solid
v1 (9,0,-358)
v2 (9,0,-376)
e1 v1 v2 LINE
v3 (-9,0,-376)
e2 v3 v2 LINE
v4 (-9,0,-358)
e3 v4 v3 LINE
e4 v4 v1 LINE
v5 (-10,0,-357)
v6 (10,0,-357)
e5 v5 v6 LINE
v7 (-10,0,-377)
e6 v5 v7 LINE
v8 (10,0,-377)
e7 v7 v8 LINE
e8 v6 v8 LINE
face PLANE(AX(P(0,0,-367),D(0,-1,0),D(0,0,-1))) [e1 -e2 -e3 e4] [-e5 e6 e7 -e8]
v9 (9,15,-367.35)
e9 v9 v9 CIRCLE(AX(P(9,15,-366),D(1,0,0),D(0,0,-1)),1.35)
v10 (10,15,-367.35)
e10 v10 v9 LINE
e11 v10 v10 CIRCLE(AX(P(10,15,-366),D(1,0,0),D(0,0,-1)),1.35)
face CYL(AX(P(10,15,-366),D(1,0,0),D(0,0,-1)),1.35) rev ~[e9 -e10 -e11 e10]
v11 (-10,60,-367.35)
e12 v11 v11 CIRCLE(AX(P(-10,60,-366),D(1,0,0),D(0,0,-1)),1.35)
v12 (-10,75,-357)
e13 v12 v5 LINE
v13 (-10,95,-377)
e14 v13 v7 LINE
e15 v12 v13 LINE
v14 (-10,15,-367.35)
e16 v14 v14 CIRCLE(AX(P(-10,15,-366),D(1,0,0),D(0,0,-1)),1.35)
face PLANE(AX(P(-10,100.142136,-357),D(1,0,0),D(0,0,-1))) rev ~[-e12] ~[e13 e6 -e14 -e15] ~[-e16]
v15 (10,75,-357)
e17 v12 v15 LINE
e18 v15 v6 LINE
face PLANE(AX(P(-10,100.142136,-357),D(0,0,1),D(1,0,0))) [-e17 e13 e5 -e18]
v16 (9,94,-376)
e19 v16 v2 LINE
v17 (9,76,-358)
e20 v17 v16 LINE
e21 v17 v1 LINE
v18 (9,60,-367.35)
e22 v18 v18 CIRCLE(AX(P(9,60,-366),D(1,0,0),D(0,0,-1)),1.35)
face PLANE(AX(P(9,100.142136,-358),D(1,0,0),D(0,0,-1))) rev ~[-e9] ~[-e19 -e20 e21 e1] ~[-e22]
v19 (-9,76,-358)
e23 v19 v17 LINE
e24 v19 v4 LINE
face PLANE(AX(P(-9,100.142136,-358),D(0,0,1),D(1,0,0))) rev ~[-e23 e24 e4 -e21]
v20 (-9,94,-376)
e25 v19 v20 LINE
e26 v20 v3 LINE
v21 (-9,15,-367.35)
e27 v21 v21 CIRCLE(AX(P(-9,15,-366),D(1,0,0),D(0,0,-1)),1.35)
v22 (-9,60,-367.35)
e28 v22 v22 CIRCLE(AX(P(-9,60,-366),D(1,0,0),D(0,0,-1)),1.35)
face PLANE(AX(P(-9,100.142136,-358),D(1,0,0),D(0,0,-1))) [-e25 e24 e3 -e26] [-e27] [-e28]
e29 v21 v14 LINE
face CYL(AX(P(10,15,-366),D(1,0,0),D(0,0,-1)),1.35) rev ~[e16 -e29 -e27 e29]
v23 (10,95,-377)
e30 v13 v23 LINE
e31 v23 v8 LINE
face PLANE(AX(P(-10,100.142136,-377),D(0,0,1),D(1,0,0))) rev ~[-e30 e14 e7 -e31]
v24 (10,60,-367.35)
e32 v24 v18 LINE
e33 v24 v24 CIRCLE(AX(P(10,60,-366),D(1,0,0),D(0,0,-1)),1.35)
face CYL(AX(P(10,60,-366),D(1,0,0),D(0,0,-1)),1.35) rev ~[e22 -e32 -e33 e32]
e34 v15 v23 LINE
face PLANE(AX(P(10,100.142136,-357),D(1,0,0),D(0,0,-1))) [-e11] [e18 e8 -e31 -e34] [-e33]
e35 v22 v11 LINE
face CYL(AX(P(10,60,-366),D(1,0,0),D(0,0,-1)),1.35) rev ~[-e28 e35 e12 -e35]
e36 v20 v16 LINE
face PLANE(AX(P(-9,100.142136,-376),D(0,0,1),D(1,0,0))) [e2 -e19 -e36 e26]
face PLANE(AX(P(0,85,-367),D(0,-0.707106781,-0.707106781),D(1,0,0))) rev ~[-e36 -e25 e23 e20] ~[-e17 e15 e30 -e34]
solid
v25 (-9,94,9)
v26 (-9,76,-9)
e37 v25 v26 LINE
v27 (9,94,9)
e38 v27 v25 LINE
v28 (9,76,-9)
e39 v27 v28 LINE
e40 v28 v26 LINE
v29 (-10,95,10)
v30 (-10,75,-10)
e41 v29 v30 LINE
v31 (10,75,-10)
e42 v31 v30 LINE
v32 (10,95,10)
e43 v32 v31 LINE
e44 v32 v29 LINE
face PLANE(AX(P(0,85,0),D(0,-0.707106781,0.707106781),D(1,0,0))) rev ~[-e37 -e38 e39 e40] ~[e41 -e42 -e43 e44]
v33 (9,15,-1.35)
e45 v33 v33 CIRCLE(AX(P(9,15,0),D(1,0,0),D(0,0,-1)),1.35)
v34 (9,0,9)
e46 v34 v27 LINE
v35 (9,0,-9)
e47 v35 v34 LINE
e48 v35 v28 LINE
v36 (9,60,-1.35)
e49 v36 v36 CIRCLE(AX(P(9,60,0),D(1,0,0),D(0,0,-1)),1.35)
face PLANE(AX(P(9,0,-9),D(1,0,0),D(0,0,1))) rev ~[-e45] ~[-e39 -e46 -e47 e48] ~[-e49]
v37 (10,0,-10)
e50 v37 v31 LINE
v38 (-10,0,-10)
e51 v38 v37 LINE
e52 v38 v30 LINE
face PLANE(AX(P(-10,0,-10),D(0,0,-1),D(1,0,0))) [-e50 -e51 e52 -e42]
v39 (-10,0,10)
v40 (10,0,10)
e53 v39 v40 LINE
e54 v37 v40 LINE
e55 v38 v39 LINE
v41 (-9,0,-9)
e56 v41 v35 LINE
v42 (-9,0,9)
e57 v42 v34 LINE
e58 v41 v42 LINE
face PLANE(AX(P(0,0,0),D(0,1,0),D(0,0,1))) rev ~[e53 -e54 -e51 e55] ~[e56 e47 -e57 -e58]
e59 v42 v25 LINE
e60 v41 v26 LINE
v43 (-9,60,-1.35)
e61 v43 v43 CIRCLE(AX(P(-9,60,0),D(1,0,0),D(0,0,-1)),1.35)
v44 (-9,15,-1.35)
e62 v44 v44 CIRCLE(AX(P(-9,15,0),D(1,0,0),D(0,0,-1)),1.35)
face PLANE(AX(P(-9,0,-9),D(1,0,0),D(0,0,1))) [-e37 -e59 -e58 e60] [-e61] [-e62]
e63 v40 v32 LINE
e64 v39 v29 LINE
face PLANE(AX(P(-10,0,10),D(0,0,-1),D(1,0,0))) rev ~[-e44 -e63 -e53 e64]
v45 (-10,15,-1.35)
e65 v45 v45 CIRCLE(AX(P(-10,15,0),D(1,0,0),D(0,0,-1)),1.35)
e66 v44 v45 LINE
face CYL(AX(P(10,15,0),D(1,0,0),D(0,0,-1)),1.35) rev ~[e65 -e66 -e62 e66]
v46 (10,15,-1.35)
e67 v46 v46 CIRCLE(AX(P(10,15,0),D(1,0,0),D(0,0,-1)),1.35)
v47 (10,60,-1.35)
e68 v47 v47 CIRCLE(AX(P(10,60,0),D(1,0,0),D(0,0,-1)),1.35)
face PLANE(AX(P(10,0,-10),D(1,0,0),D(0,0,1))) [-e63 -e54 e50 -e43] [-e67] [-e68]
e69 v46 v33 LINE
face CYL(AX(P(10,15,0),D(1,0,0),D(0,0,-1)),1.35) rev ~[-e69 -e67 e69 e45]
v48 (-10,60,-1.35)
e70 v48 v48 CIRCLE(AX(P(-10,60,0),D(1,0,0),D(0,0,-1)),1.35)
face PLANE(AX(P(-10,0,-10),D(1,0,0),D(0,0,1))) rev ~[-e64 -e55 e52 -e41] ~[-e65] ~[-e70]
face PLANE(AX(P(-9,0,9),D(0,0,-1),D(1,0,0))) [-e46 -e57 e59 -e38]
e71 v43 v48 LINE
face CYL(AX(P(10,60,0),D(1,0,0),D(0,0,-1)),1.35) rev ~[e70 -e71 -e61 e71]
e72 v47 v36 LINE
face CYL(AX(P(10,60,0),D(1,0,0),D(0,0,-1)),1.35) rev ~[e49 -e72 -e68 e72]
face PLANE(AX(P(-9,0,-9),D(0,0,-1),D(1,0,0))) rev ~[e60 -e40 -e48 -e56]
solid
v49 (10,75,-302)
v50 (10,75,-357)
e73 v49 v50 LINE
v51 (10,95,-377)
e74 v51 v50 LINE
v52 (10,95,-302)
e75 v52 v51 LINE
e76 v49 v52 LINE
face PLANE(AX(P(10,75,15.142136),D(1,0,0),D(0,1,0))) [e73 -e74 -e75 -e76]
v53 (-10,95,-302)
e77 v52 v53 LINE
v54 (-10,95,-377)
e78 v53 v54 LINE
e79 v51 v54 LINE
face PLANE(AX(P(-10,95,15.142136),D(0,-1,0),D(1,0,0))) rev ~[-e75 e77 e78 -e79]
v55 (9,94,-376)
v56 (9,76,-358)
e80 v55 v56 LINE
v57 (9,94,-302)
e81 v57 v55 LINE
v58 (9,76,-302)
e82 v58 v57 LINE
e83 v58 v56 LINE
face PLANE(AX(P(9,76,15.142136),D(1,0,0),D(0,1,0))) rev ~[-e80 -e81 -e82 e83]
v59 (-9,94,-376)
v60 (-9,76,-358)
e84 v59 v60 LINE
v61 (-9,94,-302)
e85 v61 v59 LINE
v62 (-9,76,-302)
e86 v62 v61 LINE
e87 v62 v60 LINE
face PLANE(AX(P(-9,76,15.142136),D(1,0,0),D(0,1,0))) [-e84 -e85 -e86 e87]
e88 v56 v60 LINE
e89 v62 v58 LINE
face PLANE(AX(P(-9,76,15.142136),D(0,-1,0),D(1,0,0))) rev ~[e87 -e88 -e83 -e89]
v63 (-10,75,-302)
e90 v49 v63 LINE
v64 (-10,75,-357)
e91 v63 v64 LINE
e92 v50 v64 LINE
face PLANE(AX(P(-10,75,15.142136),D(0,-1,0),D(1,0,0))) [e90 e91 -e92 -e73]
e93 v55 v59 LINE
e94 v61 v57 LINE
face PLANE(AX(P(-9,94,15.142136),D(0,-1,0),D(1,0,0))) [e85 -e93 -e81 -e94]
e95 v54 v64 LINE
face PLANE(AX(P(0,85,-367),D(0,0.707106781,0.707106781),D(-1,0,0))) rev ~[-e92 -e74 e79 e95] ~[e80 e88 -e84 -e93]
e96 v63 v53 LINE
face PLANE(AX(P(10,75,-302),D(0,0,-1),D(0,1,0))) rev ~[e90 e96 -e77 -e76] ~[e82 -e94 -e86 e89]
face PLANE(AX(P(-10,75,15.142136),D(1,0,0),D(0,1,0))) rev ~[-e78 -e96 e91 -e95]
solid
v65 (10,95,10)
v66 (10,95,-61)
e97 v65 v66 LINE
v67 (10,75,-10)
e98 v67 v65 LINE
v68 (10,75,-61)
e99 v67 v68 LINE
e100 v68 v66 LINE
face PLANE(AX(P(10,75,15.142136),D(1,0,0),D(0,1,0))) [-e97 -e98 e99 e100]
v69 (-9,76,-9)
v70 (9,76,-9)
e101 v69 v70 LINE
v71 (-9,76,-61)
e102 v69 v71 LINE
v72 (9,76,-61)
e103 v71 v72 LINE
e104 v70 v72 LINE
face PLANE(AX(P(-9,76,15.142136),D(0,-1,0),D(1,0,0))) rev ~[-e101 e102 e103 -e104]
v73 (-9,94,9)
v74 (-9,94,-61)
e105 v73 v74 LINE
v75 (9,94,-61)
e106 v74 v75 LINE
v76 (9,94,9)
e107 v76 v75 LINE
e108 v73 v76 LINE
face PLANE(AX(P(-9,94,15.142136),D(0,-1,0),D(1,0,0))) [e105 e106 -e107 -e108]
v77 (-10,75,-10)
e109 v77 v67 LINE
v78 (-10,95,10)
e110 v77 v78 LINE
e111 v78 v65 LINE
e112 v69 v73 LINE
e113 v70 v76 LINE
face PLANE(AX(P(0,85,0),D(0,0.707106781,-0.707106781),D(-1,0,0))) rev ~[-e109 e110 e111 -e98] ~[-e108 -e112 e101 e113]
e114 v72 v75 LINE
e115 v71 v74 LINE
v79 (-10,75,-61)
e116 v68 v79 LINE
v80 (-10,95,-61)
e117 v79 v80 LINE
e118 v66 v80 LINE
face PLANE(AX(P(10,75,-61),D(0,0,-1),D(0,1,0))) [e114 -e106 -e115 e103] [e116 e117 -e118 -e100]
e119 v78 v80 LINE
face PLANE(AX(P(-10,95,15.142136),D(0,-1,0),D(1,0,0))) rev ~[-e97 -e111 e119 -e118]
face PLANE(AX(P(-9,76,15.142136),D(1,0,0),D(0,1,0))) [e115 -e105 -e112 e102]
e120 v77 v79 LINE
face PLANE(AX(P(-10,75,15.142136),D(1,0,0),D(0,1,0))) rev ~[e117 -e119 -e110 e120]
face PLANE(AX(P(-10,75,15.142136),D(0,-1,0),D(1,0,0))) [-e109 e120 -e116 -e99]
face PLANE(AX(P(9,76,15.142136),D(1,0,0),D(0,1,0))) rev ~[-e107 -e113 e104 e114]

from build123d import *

# Parameters (mm, degrees)
SKETCH_11_W                = 20
SKETCH_11_H                = 20
SKETCH_11_W_2              = 18
SKETCH_11_H_2              = 18
F_20X20X1_1_DEPTH          = 100.142135624
SKETCH_11_ON_SEGMENT_2_W   = 20
SKETCH_11_ON_SEGMENT_2_H   = 20
SKETCH_11_ON_SEGMENT_2_W_2 = 18
SKETCH_11_ON_SEGMENT_2_H_2 = 18
F_20X20X1_1_2_DEPTH        = 397.284271247
SKETCH_11_ON_SEGMENT_3_W   = 20
SKETCH_11_ON_SEGMENT_3_H   = 20
SKETCH_11_ON_SEGMENT_3_W_2 = 18
SKETCH_11_ON_SEGMENT_3_H_2 = 18
F_20X20X1_1_3_DEPTH        = 100.142135624
CUT_EXTRUDE_1_REACH        = 391.299
SKETCH_12_R                = 1.5
SKETCH_14_W                = 241
SKETCH_14_H                = 20
CUT_EXTRUDE_3_DEPTH        = 390.299370665
SKETCH_15_R                = 1.35
CUT_EXTRUDE_4_DEPTH        = 20


with BuildPart() as part:
    # 草图11 → 铝管 20X20X1(1) (new body)
    with BuildSketch(Plane.ZX):
        Rectangle(SKETCH_11_W, SKETCH_11_H)
        Rectangle(SKETCH_11_W_2, SKETCH_11_H_2, mode=Mode.SUBTRACT)
    extrude(amount=F_20X20X1_1_DEPTH)

    # 铝管 20X20X1(1) mitre 1
    split(bisect_by=Plane(origin=(0, 85, 0), x_dir=(1, 0, 0), z_dir=(0, -0.707106781, 0.707106781)), keep=Keep.TOP)


with BuildPart() as body_2:
    # 草图11 on segment 2 (carried to segment 2) → 20X20X1_1 2 (new body)
    with BuildSketch(Plane(origin=(0, 85, 15.142135624), x_dir=(0, 1, 0), z_dir=(0, 0, -1))):
        Rectangle(SKETCH_11_ON_SEGMENT_2_W, SKETCH_11_ON_SEGMENT_2_H)
        Rectangle(SKETCH_11_ON_SEGMENT_2_W_2, SKETCH_11_ON_SEGMENT_2_H_2, mode=Mode.SUBTRACT)
    extrude(amount=F_20X20X1_1_2_DEPTH)

    # 20X20X1_1 2 mitre 1
    split(bisect_by=Plane(origin=(0, 85, 0), x_dir=(-1, 0, 0), z_dir=(0, 0.707106781, -0.707106781)), keep=Keep.TOP)

    # 20X20X1_1 2 mitre 2
    split(bisect_by=Plane(origin=(0, 85, -367), x_dir=(-1, 0, 0), z_dir=(0, 0.707106781, 0.707106781)), keep=Keep.TOP)

    # 切除-拉伸1: up to this face of the body (flat: up to its plane)
    cut_extrude_1_end = Plane(body_2.part.faces().sort_by_distance((-10, 85.181653043, -183.5))[0])
    # 草图12 → 切除-拉伸1 (cut, up to the picked face)
    with BuildSketch(Plane(origin=(10, 0, 0), x_dir=(0, 0, -1), z_dir=(1, 0, 0)), mode=Mode.PRIVATE) as cut_extrude_1_sk1:
        with Locations((133.5, 81)):
            Circle(SKETCH_12_R)
    cut_extrude_1_tool1 = split(extrude(cut_extrude_1_sk1.sketch, amount=-CUT_EXTRUDE_1_REACH, mode=Mode.PRIVATE), bisect_by=cut_extrude_1_end, keep=Keep.BOTH, mode=Mode.PRIVATE)
    # 草图12 → 切除-拉伸1 (cut, up to the picked face)
    with BuildSketch(Plane(origin=(10, 0, 0), x_dir=(0, 0, -1), z_dir=(1, 0, 0)), mode=Mode.PRIVATE) as cut_extrude_1_sk2:
        with Locations((233.5, 81)):
            Circle(SKETCH_12_R)
    cut_extrude_1_tool2 = split(extrude(cut_extrude_1_sk2.sketch, amount=-CUT_EXTRUDE_1_REACH, mode=Mode.PRIVATE), bisect_by=cut_extrude_1_end, keep=Keep.BOTH, mode=Mode.PRIVATE)
    add(cut_extrude_1_tool1.solids().sort_by(Axis((10, 81, -133.5), (-1, 0, 0)))[0], mode=Mode.SUBTRACT)
    add(cut_extrude_1_tool2.solids().sort_by(Axis((10, 81, -233.5), (-1, 0, 0)))[0], mode=Mode.SUBTRACT)

    # 草图14 → 切除-拉伸3 (cut, through all)
    with BuildSketch(Plane(origin=(10, 0, 0), x_dir=(0, 0, -1), z_dir=(1, 0, 0))):
        with Locations((181.5, 85)):
            Rectangle(SKETCH_14_W, SKETCH_14_H)
    extrude(amount=-CUT_EXTRUDE_3_DEPTH, mode=Mode.SUBTRACT)


with BuildPart() as body_3:
    # 草图11 on segment 3 (carried to segment 3) → 20X20X1_1 3 (new body)
    with BuildSketch(Plane(origin=(0, 100.142135624, -367), x_dir=(0, 0, -1), z_dir=(0, -1, 0))):
        Rectangle(SKETCH_11_ON_SEGMENT_3_W, SKETCH_11_ON_SEGMENT_3_H)
        Rectangle(SKETCH_11_ON_SEGMENT_3_W_2, SKETCH_11_ON_SEGMENT_3_H_2, mode=Mode.SUBTRACT)
    extrude(amount=F_20X20X1_1_3_DEPTH)

    # 20X20X1_1 3 mitre 1
    split(bisect_by=Plane(origin=(0, 85, -367), x_dir=(1, 0, 0), z_dir=(0, -0.707106781, -0.707106781)), keep=Keep.TOP)


with BuildPart() as cut_extrude_3_piece_1:
    # of the separate pieces the step leaves, piece 1, a body of its own (cut_extrude_3_pieces)
    add(body_2.part.solids().sort_by_distance((-10, 75, -302))[0])


with BuildPart() as cut_extrude_3_piece_2:
    # of the separate pieces the step leaves, piece 2, a body of its own (cut_extrude_3_pieces)
    add(body_2.part.solids().sort_by_distance((-10, 75, -10))[0])


with BuildPart() as cut_extrude_4_tool:
    # 草图15 → 切除-拉伸4 (new body)
    with BuildSketch(Plane(origin=(10, 0, 0), x_dir=(0, 0, -1), z_dir=(1, 0, 0))):
        with Locations((366, 60)):
            Circle(SKETCH_15_R)
        with Locations((366, 15)):
            Circle(SKETCH_15_R)
        with Locations((0, 60)):
            Circle(SKETCH_15_R)
        with Locations((0, 15)):
            Circle(SKETCH_15_R)
    extrude(amount=-CUT_EXTRUDE_4_DEPTH)


with BuildPart() as part_1:
    add(part.part)

    # 切除-拉伸4: cut by cut_extrude_4_tool
    add(cut_extrude_4_tool.part, mode=Mode.SUBTRACT)


with BuildPart() as body_3_1:
    add(body_3.part)

    # 切除-拉伸4: cut by cut_extrude_4_tool
    add(cut_extrude_4_tool.part, mode=Mode.SUBTRACT)


solid = Compound([cut_extrude_3_piece_1.part, cut_extrude_3_piece_2.part, part_1.part, body_3_1.part])
